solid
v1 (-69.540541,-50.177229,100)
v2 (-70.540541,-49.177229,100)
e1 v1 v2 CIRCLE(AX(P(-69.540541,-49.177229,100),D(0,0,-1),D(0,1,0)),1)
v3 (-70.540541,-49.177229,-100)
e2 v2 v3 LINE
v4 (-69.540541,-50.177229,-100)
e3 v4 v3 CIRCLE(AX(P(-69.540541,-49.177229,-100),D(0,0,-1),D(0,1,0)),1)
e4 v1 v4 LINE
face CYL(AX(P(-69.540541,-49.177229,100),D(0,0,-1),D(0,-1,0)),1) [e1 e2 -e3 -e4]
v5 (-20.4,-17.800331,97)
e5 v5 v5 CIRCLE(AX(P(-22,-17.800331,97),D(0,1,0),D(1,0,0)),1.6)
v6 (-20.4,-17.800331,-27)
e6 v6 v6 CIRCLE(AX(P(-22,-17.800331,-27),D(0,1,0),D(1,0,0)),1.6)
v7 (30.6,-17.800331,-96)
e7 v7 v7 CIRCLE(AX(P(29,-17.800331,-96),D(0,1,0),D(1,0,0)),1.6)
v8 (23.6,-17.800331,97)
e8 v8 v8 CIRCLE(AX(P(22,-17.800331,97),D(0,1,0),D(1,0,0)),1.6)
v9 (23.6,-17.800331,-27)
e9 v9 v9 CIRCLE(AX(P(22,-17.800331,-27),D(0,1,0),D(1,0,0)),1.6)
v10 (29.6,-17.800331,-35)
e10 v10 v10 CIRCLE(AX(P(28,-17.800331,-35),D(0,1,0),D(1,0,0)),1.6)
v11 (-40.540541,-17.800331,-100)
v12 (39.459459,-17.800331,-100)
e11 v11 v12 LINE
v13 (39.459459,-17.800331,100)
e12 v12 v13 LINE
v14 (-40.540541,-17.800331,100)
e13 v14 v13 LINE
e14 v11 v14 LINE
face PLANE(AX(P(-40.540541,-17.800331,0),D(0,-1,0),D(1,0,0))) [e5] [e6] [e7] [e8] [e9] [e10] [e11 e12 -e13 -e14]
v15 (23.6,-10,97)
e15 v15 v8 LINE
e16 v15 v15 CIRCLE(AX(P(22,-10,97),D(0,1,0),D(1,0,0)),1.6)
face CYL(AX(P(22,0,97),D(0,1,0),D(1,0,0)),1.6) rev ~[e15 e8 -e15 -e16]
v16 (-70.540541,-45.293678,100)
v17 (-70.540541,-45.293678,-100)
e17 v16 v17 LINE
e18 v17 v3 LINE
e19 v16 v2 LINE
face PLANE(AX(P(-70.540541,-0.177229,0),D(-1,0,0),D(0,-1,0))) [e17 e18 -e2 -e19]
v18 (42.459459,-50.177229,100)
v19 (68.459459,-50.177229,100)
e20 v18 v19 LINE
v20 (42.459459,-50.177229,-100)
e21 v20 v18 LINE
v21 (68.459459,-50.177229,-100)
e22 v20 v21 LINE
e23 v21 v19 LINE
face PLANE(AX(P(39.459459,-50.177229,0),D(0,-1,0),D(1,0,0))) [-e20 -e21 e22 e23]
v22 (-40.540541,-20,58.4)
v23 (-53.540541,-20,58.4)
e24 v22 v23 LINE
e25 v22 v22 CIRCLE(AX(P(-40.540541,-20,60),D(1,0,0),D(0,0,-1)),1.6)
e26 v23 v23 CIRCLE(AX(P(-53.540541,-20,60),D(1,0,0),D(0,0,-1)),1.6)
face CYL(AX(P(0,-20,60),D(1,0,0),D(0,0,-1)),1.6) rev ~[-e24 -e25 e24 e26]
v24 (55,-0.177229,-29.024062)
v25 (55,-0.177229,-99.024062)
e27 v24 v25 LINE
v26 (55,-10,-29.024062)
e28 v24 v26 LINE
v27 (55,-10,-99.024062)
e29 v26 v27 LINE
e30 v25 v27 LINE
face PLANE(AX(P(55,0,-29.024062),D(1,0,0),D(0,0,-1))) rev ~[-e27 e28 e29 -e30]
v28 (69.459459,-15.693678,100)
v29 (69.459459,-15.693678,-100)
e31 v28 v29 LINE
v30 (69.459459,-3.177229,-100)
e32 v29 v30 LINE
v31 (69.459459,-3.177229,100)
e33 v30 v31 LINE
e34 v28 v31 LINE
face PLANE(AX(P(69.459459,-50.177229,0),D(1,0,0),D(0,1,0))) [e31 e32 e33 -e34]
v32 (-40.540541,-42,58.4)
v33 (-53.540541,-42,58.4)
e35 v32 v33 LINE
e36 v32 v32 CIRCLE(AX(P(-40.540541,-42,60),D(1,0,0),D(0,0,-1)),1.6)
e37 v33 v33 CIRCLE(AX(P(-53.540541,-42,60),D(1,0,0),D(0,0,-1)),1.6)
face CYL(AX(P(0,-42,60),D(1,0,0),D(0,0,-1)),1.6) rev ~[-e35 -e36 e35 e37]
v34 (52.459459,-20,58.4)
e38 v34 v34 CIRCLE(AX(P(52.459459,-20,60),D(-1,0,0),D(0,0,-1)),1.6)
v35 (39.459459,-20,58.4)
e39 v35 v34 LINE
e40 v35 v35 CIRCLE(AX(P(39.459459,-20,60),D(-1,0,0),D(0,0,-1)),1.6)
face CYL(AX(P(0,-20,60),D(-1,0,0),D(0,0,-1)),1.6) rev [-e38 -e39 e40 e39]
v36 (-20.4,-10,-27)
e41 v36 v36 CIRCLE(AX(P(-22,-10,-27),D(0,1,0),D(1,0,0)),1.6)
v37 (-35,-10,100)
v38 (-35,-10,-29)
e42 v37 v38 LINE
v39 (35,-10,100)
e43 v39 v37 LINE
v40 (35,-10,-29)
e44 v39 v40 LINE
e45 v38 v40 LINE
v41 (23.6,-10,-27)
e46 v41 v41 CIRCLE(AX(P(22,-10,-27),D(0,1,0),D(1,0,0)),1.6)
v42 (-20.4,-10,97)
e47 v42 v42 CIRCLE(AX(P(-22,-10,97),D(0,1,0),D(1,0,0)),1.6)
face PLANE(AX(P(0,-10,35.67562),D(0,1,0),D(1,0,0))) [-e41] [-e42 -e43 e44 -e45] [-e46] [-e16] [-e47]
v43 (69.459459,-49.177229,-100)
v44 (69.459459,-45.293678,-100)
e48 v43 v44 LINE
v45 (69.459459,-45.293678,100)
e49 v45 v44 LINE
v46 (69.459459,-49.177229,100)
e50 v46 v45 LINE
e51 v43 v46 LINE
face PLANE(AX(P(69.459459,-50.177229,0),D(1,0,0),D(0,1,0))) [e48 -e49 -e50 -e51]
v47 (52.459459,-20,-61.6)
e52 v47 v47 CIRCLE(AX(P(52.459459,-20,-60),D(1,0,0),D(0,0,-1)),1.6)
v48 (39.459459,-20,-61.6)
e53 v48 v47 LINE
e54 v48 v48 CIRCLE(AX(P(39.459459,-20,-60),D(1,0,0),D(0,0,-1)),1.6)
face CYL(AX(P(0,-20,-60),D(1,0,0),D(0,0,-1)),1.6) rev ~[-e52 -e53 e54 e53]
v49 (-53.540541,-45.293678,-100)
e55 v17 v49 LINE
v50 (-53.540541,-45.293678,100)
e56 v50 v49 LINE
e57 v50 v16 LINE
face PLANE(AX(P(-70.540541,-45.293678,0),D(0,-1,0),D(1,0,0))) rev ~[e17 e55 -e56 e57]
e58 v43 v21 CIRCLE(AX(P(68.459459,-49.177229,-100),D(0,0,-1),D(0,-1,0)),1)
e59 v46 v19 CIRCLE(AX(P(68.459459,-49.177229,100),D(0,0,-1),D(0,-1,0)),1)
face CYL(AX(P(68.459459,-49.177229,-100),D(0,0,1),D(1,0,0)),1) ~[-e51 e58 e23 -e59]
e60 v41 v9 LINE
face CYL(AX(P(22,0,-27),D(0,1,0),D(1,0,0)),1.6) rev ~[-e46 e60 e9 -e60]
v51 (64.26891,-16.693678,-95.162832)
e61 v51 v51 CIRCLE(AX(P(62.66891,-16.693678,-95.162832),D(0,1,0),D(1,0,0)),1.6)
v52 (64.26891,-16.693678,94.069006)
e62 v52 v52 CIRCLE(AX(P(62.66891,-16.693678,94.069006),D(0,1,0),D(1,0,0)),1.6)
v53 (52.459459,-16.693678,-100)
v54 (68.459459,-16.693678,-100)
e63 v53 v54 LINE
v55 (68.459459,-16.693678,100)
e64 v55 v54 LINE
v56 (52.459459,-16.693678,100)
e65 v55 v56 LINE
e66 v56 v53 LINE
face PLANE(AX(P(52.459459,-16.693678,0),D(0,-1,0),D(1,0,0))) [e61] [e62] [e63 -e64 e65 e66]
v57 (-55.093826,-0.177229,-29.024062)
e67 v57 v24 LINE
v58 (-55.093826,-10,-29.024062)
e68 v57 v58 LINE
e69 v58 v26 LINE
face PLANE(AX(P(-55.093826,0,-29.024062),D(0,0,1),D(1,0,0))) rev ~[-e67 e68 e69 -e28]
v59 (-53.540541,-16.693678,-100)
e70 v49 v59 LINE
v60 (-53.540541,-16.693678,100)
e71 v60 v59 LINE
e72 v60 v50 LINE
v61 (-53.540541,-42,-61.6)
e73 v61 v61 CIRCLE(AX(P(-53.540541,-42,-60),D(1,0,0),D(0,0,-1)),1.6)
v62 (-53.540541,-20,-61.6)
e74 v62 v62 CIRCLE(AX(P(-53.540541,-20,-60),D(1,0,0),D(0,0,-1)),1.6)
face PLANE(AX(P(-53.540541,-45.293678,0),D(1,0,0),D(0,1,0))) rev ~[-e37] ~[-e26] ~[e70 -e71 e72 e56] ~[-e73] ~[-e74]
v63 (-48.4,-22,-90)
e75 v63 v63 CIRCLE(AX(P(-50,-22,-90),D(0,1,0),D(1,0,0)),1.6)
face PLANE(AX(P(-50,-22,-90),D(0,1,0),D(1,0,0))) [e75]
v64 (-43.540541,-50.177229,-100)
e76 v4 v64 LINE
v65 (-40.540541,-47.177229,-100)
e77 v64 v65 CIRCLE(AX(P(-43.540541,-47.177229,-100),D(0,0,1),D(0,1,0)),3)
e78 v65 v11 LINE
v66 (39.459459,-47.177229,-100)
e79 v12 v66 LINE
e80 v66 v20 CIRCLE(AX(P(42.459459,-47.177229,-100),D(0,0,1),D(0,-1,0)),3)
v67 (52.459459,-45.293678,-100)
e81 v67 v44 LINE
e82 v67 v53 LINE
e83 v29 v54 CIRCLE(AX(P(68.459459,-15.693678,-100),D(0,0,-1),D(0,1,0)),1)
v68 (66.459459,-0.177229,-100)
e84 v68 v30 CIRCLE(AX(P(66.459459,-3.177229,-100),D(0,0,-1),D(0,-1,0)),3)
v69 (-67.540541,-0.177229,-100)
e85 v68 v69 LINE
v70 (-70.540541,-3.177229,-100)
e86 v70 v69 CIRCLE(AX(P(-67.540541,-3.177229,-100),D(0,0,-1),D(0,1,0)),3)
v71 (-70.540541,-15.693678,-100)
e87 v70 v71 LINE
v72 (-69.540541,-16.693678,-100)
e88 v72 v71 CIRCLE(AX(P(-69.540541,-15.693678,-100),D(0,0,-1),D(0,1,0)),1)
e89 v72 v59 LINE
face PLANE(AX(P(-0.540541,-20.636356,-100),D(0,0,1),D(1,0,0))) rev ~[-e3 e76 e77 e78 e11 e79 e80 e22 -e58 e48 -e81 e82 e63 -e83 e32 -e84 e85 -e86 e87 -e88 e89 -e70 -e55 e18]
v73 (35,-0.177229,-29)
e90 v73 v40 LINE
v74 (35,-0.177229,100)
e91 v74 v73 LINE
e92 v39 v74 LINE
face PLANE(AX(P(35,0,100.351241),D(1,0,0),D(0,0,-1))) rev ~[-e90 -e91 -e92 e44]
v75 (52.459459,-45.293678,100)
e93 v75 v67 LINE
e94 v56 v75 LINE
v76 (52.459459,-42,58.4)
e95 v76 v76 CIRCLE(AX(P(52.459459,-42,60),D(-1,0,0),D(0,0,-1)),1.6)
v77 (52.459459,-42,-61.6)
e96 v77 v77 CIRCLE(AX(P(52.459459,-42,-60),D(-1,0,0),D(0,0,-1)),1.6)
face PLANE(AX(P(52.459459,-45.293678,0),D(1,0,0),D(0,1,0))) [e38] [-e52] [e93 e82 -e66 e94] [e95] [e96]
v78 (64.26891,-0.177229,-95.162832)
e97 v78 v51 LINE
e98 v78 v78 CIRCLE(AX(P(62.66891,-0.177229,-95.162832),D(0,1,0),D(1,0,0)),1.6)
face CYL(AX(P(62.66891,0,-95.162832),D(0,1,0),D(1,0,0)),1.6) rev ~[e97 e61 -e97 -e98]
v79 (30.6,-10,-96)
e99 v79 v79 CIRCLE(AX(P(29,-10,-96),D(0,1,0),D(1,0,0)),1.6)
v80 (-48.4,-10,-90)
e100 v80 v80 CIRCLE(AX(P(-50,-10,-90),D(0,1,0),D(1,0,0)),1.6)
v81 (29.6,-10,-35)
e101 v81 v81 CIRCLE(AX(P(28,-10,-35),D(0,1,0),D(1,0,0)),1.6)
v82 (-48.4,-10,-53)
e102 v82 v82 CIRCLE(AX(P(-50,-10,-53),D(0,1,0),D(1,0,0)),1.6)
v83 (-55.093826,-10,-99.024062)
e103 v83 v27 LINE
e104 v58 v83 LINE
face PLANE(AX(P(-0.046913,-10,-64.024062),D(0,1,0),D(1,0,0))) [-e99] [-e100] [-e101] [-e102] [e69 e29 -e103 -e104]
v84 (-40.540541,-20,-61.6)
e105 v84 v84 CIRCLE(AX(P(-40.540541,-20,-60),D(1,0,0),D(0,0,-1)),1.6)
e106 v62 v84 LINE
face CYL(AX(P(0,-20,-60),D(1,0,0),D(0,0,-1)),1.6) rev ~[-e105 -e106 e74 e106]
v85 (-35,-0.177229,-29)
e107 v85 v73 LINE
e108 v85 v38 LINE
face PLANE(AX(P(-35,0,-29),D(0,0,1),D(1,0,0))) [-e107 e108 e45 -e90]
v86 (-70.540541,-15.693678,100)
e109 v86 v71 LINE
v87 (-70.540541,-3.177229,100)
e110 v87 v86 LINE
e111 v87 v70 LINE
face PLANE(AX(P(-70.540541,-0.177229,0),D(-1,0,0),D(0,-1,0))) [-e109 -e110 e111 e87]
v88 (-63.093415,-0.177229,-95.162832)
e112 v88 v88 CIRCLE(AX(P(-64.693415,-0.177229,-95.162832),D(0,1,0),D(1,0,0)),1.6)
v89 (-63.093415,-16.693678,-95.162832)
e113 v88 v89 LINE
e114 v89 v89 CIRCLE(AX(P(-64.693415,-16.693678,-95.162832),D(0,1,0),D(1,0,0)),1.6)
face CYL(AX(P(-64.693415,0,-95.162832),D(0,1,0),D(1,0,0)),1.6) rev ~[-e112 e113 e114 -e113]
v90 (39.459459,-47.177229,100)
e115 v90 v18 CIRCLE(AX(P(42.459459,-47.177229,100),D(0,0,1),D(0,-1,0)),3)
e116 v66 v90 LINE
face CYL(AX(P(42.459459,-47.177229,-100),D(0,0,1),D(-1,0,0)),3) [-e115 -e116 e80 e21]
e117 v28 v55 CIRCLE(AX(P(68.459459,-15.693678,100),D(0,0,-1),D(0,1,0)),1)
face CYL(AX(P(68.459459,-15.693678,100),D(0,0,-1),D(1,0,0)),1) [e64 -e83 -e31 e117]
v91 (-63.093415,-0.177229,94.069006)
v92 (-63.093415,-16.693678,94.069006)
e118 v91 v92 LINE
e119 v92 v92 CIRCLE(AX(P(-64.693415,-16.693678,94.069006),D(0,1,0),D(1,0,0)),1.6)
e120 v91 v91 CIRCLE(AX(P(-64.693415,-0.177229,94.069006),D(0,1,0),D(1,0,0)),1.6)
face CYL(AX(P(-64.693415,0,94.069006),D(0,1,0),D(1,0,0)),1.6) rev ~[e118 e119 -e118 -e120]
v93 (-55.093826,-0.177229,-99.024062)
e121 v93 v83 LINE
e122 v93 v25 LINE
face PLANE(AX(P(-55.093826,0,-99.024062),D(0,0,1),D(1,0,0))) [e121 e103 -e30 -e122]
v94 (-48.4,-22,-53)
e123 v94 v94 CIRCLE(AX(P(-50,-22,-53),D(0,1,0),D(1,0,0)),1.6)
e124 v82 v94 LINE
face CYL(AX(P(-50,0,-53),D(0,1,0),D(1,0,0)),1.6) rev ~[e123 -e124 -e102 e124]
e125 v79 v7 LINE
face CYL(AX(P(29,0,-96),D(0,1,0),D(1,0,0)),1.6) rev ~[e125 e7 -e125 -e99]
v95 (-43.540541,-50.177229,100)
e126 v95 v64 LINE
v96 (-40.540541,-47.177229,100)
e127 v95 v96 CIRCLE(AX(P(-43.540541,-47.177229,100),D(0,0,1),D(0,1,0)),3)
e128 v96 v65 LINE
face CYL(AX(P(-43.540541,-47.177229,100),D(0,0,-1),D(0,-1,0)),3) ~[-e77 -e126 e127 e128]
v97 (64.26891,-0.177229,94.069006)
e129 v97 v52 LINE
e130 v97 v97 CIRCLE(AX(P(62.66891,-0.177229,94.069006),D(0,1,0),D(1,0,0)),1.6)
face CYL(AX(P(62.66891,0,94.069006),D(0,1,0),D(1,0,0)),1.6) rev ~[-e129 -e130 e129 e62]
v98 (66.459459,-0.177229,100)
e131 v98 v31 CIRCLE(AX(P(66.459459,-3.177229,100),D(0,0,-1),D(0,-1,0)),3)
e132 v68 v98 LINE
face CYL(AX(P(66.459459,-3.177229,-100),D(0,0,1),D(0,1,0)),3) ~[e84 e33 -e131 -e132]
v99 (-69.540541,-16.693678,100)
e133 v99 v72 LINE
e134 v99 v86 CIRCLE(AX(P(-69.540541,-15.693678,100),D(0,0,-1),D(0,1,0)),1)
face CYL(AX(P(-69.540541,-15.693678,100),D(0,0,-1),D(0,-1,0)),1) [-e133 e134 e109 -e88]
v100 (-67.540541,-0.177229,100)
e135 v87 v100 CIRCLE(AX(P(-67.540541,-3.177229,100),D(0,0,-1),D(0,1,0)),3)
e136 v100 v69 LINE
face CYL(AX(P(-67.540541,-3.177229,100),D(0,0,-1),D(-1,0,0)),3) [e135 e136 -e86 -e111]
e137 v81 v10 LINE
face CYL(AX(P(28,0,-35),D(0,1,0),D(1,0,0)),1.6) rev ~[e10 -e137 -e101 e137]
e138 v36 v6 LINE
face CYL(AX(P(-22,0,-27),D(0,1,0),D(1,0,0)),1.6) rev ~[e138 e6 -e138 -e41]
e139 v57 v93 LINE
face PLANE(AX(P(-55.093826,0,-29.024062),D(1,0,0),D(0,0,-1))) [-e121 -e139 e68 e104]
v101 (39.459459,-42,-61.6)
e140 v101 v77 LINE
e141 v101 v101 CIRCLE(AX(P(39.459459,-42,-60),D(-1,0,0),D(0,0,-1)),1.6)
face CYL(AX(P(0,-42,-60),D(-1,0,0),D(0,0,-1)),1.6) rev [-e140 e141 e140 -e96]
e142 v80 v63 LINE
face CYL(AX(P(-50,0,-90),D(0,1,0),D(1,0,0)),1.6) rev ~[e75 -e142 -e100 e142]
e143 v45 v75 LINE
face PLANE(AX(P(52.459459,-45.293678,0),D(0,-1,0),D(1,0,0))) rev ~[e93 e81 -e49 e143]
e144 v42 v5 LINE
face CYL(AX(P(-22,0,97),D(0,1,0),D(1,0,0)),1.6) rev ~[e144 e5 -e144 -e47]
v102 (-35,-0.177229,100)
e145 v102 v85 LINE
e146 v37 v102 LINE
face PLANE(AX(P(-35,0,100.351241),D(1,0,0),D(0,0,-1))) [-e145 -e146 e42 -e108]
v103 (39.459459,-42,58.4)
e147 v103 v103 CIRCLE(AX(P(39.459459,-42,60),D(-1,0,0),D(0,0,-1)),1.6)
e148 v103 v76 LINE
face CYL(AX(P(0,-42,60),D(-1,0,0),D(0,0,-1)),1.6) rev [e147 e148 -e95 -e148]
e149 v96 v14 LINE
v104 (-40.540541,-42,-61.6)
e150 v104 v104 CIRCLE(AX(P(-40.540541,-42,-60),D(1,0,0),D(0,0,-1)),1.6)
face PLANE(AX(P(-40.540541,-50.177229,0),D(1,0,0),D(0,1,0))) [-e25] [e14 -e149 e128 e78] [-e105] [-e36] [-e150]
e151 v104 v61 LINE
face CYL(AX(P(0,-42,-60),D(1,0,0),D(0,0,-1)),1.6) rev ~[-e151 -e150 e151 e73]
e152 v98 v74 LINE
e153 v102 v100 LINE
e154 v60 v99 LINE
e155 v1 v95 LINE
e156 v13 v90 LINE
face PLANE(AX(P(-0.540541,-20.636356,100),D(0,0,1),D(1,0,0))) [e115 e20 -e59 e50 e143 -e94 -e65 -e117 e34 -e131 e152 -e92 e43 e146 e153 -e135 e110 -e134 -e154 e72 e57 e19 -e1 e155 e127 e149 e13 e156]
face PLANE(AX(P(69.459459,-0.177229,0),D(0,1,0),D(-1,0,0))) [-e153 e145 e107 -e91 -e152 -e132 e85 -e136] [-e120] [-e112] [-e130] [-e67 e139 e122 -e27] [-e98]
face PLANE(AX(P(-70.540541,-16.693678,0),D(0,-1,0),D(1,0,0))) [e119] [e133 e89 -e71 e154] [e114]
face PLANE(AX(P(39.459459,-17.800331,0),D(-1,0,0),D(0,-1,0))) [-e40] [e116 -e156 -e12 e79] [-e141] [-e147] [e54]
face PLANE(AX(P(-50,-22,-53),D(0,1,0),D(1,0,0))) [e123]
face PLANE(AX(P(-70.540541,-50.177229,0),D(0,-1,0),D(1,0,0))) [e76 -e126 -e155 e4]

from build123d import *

# Parameters (mm, degrees)
EXTRUDE_2_DEPTH          = 100
SKETCH_4_W               = 110.09382566
SKETCH_4_H               = 70
SKETCH_4_W_2             = 70
SKETCH_4_H_2             = 129.351240965
CUT_EXTRUDE_1_DEPTH      = 10
SKETCH_5_R               = 1.6
CUT_EXTRUDE_2_DEPTH      = 22
SKETCH_6_W               = 17
SKETCH_6_H               = 28.6
CUT_EXTRUDE_3_DEPTH      = 101
CUT_EXTRUDE_3_DEPTH_BACK = 101
SKETCH_7_R               = 1.6
CUT_EXTRUDE_4_DEPTH      = 84.5
FILLET_1_R               = 1
FILLET_2_R               = 3


with BuildPart() as part:
    # 草图1 → 凸台-拉伸2 (new body, symmetric)
    with BuildSketch(Plane.XY):
        Polygon((-40.540540541, -50.17722933), (-40.540540541, -17.800330782), (39.459459459, -17.800330782), (39.459459459, -50.17722933), (69.459459459, -50.17722933), (69.459459459, -0.17722933), (-70.540540541, -0.17722933), (-70.540540541, -50.17722933), align=None)
    extrude(amount=EXTRUDE_2_DEPTH, both=True)

    # 草图4 → 切除-拉伸1 (cut)
    with BuildSketch(Plane(origin=(0, 0, 0), x_dir=(1, 0, 0), z_dir=(0, 1, 0))):
        with Locations((-0.04691283, 64.024061656)):
            Rectangle(SKETCH_4_W, SKETCH_4_H)
        with Locations((0, -35.675620483)):
            Rectangle(SKETCH_4_W_2, SKETCH_4_H_2)
    extrude(amount=-CUT_EXTRUDE_1_DEPTH, mode=Mode.SUBTRACT)

    # 草图5 → 切除-拉伸2 (cut)
    with BuildSketch(Plane(origin=(0, 0, 0), x_dir=(1, 0, 0), z_dir=(0, 1, 0))):
        with Locations((29, 96)):
            Circle(SKETCH_5_R)
        with Locations((-50, 53)):
            Circle(SKETCH_5_R)
        with Locations((28, 35)):
            Circle(SKETCH_5_R)
        with Locations((-50, 90)):
            Circle(SKETCH_5_R)
        with Locations((-22, 27)):
            Circle(SKETCH_5_R)
        with Locations((22, 27)):
            Circle(SKETCH_5_R)
        with Locations((-22, -97)):
            Circle(SKETCH_5_R)
        with Locations((22, -97)):
            Circle(SKETCH_5_R)
        with Locations((-64.69341522, 95.162832005)):
            Circle(SKETCH_5_R)
        with Locations((62.668909511, 95.162832005)):
            Circle(SKETCH_5_R)
        with Locations((62.668909511, -94.06900635)):
            Circle(SKETCH_5_R)
        with Locations((-64.69341522, -94.06900635)):
            Circle(SKETCH_5_R)
    extrude(amount=-CUT_EXTRUDE_2_DEPTH, mode=Mode.SUBTRACT)

    # 草图6 → 切除-拉伸3 (cut, two sides)
    with BuildSketch(Plane.XY) as cut_extrude_3_sk:
        with Locations((-62.040540541, -30.993677516)):
            Rectangle(SKETCH_6_W, SKETCH_6_H)
        with Locations((60.959459459, -30.993677516)):
            Rectangle(SKETCH_6_W, SKETCH_6_H)
    extrude(amount=CUT_EXTRUDE_3_DEPTH, mode=Mode.SUBTRACT)
    extrude(cut_extrude_3_sk.sketch, amount=-CUT_EXTRUDE_3_DEPTH_BACK, mode=Mode.SUBTRACT)

    # 草图7 → 切除-拉伸4 (cut, symmetric)
    with BuildSketch(Plane(origin=(0, 0, 0), x_dir=(0, 0, -1), z_dir=(1, 0, 0))):
        with Locations((-60, -20)):
            Circle(SKETCH_7_R)
        with Locations((-60, -42)):
            Circle(SKETCH_7_R)
        with Locations((60, -42)):
            Circle(SKETCH_7_R)
        with Locations((60, -20)):
            Circle(SKETCH_7_R)
    extrude(amount=CUT_EXTRUDE_4_DEPTH, both=True, mode=Mode.SUBTRACT)

    # 圆角1
    fillet_1_edges = [part.edges().sort_by_distance(p)[0] for p in [
        (-70.540540541, -16.693677516, 0),
        (69.459459459, -16.693677516, 0),
        (69.459459459, -50.17722933, 0),
        (-70.540540541, -50.17722933, 0),
    ]]
    fillet(fillet_1_edges, radius=FILLET_1_R)

    # 圆角2
    fillet_2_edges = [part.edges().sort_by_distance(p)[0] for p in [
        (-70.540540541, -0.17722933, 0),
        (69.459459459, -0.17722933, 0),
        (39.459459459, -50.17722933, 0),
        (-40.540540541, -50.17722933, 0),
    ]]
    fillet(fillet_2_edges, radius=FILLET_2_R)


solid = part.part
